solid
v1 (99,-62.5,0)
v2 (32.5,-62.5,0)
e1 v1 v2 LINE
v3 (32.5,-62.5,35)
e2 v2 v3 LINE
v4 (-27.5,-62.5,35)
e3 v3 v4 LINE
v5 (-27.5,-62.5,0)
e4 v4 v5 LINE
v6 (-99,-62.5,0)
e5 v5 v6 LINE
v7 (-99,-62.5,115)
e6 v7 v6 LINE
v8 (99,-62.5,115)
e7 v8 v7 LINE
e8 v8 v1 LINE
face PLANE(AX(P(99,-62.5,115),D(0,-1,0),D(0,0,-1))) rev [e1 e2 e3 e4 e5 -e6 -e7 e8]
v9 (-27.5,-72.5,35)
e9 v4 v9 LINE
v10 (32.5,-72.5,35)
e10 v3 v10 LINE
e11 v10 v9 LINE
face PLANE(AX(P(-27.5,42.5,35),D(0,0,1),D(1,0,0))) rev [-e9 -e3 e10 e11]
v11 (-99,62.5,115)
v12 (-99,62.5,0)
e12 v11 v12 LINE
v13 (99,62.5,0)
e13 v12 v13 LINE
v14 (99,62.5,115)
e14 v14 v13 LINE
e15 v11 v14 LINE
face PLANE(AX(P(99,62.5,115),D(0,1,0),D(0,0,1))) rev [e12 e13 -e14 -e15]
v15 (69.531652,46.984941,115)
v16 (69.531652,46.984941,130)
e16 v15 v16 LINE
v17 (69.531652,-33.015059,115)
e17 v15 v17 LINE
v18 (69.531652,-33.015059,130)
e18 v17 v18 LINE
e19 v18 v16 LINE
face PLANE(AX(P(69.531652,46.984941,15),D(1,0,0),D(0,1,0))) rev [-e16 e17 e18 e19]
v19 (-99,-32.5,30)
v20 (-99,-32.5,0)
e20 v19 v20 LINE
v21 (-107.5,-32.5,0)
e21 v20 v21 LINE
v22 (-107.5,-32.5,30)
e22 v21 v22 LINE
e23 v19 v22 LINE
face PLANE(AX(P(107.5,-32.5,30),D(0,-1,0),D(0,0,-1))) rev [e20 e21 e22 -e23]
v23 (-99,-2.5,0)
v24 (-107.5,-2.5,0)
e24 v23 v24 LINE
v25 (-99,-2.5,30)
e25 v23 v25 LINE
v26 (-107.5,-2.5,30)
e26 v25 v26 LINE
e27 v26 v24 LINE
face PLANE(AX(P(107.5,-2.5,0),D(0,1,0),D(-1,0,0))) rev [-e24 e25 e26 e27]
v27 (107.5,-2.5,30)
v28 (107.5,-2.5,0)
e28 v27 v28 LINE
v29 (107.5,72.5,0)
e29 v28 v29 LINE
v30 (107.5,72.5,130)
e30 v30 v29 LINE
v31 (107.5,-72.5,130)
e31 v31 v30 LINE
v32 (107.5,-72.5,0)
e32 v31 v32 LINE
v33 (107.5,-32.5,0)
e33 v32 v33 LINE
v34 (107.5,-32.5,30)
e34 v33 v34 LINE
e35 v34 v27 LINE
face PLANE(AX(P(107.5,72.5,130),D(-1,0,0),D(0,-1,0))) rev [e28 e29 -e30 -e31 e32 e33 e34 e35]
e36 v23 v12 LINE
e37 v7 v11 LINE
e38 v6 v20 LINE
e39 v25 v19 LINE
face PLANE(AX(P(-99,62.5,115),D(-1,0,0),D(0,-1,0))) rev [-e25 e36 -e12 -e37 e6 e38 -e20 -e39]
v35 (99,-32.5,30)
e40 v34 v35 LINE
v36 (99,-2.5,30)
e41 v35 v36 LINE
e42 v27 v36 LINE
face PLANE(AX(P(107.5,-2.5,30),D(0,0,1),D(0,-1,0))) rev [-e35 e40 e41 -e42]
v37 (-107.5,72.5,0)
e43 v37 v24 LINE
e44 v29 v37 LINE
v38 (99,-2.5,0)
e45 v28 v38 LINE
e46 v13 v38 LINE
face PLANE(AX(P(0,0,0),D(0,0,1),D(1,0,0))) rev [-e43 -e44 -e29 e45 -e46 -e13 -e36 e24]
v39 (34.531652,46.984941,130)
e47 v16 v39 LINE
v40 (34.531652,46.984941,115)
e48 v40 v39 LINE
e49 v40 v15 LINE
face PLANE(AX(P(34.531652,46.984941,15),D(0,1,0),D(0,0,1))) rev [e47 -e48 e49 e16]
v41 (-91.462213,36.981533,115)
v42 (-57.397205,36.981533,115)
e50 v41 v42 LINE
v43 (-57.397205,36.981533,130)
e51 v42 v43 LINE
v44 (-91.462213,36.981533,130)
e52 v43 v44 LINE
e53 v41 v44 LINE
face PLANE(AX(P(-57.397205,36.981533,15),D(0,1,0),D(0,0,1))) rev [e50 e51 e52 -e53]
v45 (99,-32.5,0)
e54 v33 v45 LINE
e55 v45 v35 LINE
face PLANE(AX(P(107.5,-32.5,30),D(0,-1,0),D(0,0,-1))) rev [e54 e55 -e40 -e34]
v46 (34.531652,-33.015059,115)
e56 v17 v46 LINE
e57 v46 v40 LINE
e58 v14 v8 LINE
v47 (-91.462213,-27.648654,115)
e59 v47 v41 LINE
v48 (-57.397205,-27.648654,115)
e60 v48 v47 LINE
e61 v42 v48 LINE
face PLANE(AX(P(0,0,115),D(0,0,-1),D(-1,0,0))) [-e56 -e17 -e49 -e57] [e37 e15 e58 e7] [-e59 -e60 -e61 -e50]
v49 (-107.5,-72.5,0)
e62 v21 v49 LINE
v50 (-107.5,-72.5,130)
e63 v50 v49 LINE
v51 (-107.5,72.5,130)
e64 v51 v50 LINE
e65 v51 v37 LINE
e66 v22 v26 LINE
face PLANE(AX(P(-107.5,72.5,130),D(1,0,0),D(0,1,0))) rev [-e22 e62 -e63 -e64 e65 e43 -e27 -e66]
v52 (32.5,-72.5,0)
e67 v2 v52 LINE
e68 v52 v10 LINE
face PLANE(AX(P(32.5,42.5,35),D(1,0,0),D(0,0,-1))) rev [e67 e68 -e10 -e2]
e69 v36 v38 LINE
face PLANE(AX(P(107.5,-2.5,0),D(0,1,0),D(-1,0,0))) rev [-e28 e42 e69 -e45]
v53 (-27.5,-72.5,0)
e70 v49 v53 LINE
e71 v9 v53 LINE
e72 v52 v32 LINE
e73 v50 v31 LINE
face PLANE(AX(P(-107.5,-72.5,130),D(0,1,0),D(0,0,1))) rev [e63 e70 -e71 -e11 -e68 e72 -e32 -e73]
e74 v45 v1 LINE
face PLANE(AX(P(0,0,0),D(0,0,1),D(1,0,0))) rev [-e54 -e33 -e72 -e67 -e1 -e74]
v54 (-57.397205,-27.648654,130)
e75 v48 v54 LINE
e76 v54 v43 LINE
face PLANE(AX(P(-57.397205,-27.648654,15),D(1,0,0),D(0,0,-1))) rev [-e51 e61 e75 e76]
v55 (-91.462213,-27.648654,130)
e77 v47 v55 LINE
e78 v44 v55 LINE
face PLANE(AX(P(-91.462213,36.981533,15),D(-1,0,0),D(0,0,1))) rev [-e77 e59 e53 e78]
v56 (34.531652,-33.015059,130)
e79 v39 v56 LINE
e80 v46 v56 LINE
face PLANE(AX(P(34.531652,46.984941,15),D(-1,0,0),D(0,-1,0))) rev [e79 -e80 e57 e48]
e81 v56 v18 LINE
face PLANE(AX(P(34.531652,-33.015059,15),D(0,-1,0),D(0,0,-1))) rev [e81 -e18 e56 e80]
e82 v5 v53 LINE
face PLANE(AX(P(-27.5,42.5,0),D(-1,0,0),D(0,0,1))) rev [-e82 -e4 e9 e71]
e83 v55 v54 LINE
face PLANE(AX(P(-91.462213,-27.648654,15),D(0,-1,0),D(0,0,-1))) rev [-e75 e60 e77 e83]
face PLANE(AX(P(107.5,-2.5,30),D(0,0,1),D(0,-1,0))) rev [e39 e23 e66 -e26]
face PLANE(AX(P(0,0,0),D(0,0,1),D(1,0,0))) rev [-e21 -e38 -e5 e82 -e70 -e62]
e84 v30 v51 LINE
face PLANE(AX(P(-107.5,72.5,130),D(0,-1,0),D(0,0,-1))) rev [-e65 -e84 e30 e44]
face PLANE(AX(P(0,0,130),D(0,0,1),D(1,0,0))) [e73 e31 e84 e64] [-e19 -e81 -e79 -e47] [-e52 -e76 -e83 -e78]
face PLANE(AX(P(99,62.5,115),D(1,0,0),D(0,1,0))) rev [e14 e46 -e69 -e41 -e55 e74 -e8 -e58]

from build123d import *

# Parameters (mm, degrees)
SKETCH1_W           = 215
SKETCH1_H           = 145
BOSS_EXTRUDE1_DEPTH = 130
SKETCH3_W           = 30
SKETCH3_H           = 30
CUT_EXTRUDE1_DEPTH  = 262.498087947
SKETCH4_W           = 198
SKETCH4_H           = 125
CUT_EXTRUDE2_DEPTH  = 115
SKETCH5_W           = 34.065007978
SKETCH5_H           = 64.63018637
CUT_EXTRUDE3_DEPTH  = 115
SKETCH6_W           = 35
SKETCH6_H           = 80
CUT_EXTRUDE4_DEPTH  = 115
SKETCH7_W           = 60
SKETCH7_H           = 35
CUT_EXTRUDE5_DEPTH  = 115


with BuildPart() as part:
    # Sketch1 → Boss-Extrude1 (new body)
    with BuildSketch(Plane.XY):
        Rectangle(SKETCH1_W, SKETCH1_H)
    extrude(amount=BOSS_EXTRUDE1_DEPTH)

    # Sketch3 → Cut-Extrude1 (cut, through all)
    with BuildSketch(Plane.ZY.offset(107.5)):
        with Locations((15, -17.5)):
            Rectangle(SKETCH3_W, SKETCH3_H)
    extrude(amount=-CUT_EXTRUDE1_DEPTH, mode=Mode.SUBTRACT)

    # Sketch4 → Cut-Extrude2 (cut)
    with BuildSketch(Plane(origin=(0, 0, 0), x_dir=(-1, 0, 0), z_dir=(0, 0, -1))):
        Rectangle(SKETCH4_W, SKETCH4_H)
    extrude(amount=-CUT_EXTRUDE2_DEPTH, mode=Mode.SUBTRACT)

    # Sketch5 → Cut-Extrude3 (cut)
    with BuildSketch(Plane.XY.offset(130)):
        with Locations((-74.429709212, 4.666439449)):
            Rectangle(SKETCH5_W, SKETCH5_H)
    extrude(amount=-CUT_EXTRUDE3_DEPTH, mode=Mode.SUBTRACT)

    # Sketch6 → Cut-Extrude4 (cut)
    with BuildSketch(Plane.XY.offset(130)):
        with Locations((52.031651923, 6.984940898)):
            Rectangle(SKETCH6_W, SKETCH6_H)
    extrude(amount=-CUT_EXTRUDE4_DEPTH, mode=Mode.SUBTRACT)

    # Sketch7 → Cut-Extrude5 (cut)
    with BuildSketch(Plane.XZ.offset(72.5)):
        with Locations((2.5, 17.5)):
            Rectangle(SKETCH7_W, SKETCH7_H)
    extrude(amount=-CUT_EXTRUDE5_DEPTH, mode=Mode.SUBTRACT)


solid = part.part
